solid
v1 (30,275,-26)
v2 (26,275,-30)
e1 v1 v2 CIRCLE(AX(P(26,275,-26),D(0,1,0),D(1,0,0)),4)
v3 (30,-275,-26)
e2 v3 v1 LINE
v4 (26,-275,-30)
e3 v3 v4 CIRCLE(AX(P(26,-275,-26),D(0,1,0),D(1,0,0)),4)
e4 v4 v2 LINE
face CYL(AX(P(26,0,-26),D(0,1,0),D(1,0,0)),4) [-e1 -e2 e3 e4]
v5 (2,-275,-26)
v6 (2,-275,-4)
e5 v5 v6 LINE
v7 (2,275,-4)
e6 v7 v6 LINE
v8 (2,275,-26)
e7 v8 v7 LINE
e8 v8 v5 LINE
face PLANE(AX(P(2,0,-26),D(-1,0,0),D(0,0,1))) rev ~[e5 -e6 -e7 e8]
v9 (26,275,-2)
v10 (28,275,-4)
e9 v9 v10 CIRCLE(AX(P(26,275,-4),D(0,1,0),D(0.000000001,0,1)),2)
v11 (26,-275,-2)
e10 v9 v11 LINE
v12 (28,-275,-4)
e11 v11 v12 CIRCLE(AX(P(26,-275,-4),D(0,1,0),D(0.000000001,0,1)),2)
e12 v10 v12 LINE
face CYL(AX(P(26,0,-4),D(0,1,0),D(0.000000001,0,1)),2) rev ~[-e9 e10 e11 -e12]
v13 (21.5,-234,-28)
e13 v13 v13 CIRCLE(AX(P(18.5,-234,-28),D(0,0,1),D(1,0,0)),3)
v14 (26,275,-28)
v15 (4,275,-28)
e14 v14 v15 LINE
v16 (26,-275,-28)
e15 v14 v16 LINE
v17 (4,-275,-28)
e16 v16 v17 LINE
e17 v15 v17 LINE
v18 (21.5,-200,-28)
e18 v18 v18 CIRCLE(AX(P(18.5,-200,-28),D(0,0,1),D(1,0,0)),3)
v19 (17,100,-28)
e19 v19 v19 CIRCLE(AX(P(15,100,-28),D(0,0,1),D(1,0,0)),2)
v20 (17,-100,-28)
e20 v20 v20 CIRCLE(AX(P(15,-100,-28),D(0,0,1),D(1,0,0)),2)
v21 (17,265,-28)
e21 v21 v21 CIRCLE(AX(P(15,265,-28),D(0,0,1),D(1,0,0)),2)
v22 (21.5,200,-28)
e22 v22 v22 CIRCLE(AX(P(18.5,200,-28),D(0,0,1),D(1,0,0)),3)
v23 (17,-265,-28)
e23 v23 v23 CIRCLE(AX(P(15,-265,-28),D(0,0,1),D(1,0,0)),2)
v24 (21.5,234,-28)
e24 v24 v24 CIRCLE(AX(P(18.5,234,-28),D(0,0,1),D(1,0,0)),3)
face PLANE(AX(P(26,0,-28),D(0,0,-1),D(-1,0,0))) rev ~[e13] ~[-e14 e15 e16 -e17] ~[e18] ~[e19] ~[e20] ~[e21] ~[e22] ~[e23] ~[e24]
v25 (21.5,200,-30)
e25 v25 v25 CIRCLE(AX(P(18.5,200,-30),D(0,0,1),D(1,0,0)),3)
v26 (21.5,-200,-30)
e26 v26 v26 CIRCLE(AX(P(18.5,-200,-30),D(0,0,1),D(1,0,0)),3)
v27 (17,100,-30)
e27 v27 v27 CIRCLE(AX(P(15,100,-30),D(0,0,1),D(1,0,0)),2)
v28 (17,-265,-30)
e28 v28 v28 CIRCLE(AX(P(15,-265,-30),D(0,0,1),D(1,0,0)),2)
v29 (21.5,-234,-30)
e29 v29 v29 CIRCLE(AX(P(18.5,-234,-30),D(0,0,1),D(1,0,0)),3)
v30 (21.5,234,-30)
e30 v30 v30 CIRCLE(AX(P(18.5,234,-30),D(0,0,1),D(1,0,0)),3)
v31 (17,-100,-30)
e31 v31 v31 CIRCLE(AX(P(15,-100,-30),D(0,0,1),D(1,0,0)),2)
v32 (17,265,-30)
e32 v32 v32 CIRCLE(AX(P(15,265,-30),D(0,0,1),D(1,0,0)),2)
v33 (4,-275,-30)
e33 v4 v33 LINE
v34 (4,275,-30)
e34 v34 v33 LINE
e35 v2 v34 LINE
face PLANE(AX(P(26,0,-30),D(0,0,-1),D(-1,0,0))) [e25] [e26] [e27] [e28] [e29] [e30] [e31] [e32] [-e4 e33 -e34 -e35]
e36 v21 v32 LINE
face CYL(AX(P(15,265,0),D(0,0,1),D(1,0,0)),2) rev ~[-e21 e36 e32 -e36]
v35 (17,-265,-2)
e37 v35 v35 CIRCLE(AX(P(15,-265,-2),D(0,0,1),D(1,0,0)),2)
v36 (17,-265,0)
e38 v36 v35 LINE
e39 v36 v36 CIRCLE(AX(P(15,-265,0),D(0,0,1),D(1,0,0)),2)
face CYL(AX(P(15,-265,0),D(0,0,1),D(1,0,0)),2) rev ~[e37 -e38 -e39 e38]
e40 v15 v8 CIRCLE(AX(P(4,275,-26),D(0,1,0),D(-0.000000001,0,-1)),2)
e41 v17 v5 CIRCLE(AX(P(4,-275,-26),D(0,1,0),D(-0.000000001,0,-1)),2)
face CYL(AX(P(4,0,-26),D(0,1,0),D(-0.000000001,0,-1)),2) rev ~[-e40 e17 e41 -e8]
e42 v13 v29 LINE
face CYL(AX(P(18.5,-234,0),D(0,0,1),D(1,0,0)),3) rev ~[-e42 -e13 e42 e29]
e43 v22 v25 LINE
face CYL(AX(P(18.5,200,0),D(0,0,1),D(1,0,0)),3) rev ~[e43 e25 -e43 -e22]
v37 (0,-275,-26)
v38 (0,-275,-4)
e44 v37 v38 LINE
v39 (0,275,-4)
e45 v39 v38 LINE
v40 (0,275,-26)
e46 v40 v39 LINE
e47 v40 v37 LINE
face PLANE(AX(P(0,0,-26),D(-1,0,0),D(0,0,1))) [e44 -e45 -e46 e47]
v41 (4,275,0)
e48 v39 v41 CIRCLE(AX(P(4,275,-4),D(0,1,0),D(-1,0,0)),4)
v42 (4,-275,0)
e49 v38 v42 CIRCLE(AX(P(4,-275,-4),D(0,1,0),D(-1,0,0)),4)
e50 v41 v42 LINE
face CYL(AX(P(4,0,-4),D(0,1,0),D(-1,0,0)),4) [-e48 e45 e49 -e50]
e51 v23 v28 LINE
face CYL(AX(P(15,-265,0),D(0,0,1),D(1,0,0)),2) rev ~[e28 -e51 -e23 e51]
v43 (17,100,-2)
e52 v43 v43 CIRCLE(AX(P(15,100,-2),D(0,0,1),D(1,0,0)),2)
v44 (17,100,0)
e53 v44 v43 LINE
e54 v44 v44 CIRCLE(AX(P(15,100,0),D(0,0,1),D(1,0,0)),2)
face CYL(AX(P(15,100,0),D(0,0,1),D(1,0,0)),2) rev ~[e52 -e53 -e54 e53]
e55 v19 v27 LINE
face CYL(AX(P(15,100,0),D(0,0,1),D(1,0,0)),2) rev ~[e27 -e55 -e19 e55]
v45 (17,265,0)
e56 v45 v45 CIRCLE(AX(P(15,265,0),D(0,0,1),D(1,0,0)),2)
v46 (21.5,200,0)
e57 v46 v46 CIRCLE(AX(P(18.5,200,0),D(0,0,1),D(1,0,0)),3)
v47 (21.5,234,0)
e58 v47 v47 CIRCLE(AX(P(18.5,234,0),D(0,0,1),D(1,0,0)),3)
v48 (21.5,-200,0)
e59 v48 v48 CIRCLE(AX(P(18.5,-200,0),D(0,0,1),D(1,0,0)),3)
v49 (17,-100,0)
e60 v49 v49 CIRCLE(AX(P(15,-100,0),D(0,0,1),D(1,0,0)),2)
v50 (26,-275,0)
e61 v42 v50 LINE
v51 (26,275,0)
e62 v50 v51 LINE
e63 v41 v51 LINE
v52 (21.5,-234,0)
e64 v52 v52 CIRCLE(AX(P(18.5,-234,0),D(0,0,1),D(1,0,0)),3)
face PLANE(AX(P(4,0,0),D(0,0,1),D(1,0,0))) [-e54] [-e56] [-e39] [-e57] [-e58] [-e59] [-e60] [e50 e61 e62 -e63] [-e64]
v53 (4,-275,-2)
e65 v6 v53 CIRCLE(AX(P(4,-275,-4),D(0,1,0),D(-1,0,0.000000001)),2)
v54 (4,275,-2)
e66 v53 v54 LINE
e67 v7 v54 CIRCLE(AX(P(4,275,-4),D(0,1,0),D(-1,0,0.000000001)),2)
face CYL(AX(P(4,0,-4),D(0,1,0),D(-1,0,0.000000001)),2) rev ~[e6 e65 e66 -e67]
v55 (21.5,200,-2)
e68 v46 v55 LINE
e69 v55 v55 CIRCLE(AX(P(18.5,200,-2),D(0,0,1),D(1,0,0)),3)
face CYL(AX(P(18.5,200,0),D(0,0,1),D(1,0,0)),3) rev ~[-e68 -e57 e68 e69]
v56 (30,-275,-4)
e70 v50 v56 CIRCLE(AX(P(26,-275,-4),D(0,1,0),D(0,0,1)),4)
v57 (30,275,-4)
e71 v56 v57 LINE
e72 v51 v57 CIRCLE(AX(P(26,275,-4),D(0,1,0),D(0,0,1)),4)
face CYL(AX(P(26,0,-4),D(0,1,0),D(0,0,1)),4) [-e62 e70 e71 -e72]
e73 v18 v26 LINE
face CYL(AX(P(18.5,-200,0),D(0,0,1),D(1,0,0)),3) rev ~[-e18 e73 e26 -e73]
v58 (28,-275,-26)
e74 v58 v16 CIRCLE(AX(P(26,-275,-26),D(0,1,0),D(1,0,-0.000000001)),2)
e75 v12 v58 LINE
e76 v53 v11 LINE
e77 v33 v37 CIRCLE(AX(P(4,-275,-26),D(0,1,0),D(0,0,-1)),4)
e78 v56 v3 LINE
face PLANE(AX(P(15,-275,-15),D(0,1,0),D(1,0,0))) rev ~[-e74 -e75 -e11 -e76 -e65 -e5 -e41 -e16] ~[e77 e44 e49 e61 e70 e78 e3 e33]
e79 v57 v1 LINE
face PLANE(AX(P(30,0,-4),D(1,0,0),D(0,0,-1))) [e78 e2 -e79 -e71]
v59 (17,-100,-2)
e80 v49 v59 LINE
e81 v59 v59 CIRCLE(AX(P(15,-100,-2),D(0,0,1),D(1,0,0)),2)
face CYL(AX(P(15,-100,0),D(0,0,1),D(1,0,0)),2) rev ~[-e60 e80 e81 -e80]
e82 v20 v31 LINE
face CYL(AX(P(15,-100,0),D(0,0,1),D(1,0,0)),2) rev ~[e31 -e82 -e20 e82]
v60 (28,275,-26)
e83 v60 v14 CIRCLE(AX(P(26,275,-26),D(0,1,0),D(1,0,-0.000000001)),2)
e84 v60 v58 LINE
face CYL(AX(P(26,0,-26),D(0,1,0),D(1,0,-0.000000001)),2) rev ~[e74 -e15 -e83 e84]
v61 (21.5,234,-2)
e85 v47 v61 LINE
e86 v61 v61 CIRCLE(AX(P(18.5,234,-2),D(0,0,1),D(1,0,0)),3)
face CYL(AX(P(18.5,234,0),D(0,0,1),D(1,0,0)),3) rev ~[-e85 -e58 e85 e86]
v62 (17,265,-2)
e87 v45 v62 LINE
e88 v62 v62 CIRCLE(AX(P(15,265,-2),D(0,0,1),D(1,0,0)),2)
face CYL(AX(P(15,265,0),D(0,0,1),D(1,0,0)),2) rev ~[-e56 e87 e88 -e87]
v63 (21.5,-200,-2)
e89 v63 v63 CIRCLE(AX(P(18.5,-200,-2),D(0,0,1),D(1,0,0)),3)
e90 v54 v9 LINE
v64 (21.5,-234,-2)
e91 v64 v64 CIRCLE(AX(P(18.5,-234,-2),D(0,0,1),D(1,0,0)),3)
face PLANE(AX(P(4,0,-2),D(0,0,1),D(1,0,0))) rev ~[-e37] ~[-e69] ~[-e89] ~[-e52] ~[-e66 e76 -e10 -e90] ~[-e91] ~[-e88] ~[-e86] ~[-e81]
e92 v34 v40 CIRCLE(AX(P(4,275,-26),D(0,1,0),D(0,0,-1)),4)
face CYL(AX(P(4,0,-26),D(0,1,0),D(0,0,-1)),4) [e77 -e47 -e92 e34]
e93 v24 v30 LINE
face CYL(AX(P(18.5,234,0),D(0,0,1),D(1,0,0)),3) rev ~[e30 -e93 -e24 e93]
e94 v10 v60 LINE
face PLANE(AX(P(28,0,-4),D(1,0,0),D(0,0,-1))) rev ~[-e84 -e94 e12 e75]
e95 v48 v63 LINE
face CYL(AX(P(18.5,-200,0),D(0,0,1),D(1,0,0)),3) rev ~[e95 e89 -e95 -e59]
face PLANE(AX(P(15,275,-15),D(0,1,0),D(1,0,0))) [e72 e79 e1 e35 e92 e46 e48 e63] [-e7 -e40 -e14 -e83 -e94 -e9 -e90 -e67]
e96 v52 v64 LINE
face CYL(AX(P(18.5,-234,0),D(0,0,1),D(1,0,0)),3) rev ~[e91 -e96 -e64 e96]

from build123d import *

# Parameters (mm, degrees)
EXTRUDE_1_DEPTH     = 275
SKETCH_2_R          = 3
SKETCH_2_R_2        = 2
CUT_EXTRUDE_1_DEPTH = 279.25348156


with BuildPart() as part:
    # 草图1 → 凸台-拉伸1 (new, symmetric)
    with BuildSketch(Plane(origin=(0, 0, 0), x_dir=(1, 0, 0), z_dir=(0, 1, 0))):
        with BuildLine():
            Line((4, 0), (26, 0))
            ThreePointArc((26, 0), (28.828427125, 1.171572875), (30, 4))
            Line((30, 4), (30, 26))
            ThreePointArc((30, 26), (28.828427125, 28.828427125), (26, 30))
            Line((26, 30), (4, 30))
            ThreePointArc((4, 30), (1.171572875, 28.828427125), (0, 26))
            Line((0, 26), (0, 4))
            ThreePointArc((0, 4), (1.171572875, 1.171572875), (4, 0))
        make_face()
        with BuildLine():
            Line((4, 2), (26, 2))
            ThreePointArc((26, 2), (27.414213562, 2.585786438), (28, 4))
            Line((28, 4), (28, 26))
            ThreePointArc((28, 26), (27.414213562, 27.414213562), (26, 28))
            Line((26, 28), (4, 28))
            ThreePointArc((4, 28), (2.585786438, 27.414213562), (2, 26))
            Line((2, 26), (2, 4))
            ThreePointArc((2, 4), (2.585786438, 2.585786438), (4, 2))
        make_face(mode=Mode.SUBTRACT)
    extrude(amount=EXTRUDE_1_DEPTH, both=True)

    # 草图2 → 切除-拉伸1 (cut, through all)
    with BuildSketch(Plane.XY):
        with Locations((18.5, 234)):
            Circle(SKETCH_2_R)
        with Locations((18.5, 200)):
            Circle(SKETCH_2_R)
        with Locations((18.5, -200)):
            Circle(SKETCH_2_R)
        with Locations((18.5, -234)):
            Circle(SKETCH_2_R)
        with Locations((15, 265)):
            Circle(SKETCH_2_R_2)
        with Locations((15, 100)):
            Circle(SKETCH_2_R_2)
        with Locations((15, -100)):
            Circle(SKETCH_2_R_2)
        with Locations((15, -265)):
            Circle(SKETCH_2_R_2)
    extrude(amount=-CUT_EXTRUDE_1_DEPTH, mode=Mode.SUBTRACT)


solid = part.part
